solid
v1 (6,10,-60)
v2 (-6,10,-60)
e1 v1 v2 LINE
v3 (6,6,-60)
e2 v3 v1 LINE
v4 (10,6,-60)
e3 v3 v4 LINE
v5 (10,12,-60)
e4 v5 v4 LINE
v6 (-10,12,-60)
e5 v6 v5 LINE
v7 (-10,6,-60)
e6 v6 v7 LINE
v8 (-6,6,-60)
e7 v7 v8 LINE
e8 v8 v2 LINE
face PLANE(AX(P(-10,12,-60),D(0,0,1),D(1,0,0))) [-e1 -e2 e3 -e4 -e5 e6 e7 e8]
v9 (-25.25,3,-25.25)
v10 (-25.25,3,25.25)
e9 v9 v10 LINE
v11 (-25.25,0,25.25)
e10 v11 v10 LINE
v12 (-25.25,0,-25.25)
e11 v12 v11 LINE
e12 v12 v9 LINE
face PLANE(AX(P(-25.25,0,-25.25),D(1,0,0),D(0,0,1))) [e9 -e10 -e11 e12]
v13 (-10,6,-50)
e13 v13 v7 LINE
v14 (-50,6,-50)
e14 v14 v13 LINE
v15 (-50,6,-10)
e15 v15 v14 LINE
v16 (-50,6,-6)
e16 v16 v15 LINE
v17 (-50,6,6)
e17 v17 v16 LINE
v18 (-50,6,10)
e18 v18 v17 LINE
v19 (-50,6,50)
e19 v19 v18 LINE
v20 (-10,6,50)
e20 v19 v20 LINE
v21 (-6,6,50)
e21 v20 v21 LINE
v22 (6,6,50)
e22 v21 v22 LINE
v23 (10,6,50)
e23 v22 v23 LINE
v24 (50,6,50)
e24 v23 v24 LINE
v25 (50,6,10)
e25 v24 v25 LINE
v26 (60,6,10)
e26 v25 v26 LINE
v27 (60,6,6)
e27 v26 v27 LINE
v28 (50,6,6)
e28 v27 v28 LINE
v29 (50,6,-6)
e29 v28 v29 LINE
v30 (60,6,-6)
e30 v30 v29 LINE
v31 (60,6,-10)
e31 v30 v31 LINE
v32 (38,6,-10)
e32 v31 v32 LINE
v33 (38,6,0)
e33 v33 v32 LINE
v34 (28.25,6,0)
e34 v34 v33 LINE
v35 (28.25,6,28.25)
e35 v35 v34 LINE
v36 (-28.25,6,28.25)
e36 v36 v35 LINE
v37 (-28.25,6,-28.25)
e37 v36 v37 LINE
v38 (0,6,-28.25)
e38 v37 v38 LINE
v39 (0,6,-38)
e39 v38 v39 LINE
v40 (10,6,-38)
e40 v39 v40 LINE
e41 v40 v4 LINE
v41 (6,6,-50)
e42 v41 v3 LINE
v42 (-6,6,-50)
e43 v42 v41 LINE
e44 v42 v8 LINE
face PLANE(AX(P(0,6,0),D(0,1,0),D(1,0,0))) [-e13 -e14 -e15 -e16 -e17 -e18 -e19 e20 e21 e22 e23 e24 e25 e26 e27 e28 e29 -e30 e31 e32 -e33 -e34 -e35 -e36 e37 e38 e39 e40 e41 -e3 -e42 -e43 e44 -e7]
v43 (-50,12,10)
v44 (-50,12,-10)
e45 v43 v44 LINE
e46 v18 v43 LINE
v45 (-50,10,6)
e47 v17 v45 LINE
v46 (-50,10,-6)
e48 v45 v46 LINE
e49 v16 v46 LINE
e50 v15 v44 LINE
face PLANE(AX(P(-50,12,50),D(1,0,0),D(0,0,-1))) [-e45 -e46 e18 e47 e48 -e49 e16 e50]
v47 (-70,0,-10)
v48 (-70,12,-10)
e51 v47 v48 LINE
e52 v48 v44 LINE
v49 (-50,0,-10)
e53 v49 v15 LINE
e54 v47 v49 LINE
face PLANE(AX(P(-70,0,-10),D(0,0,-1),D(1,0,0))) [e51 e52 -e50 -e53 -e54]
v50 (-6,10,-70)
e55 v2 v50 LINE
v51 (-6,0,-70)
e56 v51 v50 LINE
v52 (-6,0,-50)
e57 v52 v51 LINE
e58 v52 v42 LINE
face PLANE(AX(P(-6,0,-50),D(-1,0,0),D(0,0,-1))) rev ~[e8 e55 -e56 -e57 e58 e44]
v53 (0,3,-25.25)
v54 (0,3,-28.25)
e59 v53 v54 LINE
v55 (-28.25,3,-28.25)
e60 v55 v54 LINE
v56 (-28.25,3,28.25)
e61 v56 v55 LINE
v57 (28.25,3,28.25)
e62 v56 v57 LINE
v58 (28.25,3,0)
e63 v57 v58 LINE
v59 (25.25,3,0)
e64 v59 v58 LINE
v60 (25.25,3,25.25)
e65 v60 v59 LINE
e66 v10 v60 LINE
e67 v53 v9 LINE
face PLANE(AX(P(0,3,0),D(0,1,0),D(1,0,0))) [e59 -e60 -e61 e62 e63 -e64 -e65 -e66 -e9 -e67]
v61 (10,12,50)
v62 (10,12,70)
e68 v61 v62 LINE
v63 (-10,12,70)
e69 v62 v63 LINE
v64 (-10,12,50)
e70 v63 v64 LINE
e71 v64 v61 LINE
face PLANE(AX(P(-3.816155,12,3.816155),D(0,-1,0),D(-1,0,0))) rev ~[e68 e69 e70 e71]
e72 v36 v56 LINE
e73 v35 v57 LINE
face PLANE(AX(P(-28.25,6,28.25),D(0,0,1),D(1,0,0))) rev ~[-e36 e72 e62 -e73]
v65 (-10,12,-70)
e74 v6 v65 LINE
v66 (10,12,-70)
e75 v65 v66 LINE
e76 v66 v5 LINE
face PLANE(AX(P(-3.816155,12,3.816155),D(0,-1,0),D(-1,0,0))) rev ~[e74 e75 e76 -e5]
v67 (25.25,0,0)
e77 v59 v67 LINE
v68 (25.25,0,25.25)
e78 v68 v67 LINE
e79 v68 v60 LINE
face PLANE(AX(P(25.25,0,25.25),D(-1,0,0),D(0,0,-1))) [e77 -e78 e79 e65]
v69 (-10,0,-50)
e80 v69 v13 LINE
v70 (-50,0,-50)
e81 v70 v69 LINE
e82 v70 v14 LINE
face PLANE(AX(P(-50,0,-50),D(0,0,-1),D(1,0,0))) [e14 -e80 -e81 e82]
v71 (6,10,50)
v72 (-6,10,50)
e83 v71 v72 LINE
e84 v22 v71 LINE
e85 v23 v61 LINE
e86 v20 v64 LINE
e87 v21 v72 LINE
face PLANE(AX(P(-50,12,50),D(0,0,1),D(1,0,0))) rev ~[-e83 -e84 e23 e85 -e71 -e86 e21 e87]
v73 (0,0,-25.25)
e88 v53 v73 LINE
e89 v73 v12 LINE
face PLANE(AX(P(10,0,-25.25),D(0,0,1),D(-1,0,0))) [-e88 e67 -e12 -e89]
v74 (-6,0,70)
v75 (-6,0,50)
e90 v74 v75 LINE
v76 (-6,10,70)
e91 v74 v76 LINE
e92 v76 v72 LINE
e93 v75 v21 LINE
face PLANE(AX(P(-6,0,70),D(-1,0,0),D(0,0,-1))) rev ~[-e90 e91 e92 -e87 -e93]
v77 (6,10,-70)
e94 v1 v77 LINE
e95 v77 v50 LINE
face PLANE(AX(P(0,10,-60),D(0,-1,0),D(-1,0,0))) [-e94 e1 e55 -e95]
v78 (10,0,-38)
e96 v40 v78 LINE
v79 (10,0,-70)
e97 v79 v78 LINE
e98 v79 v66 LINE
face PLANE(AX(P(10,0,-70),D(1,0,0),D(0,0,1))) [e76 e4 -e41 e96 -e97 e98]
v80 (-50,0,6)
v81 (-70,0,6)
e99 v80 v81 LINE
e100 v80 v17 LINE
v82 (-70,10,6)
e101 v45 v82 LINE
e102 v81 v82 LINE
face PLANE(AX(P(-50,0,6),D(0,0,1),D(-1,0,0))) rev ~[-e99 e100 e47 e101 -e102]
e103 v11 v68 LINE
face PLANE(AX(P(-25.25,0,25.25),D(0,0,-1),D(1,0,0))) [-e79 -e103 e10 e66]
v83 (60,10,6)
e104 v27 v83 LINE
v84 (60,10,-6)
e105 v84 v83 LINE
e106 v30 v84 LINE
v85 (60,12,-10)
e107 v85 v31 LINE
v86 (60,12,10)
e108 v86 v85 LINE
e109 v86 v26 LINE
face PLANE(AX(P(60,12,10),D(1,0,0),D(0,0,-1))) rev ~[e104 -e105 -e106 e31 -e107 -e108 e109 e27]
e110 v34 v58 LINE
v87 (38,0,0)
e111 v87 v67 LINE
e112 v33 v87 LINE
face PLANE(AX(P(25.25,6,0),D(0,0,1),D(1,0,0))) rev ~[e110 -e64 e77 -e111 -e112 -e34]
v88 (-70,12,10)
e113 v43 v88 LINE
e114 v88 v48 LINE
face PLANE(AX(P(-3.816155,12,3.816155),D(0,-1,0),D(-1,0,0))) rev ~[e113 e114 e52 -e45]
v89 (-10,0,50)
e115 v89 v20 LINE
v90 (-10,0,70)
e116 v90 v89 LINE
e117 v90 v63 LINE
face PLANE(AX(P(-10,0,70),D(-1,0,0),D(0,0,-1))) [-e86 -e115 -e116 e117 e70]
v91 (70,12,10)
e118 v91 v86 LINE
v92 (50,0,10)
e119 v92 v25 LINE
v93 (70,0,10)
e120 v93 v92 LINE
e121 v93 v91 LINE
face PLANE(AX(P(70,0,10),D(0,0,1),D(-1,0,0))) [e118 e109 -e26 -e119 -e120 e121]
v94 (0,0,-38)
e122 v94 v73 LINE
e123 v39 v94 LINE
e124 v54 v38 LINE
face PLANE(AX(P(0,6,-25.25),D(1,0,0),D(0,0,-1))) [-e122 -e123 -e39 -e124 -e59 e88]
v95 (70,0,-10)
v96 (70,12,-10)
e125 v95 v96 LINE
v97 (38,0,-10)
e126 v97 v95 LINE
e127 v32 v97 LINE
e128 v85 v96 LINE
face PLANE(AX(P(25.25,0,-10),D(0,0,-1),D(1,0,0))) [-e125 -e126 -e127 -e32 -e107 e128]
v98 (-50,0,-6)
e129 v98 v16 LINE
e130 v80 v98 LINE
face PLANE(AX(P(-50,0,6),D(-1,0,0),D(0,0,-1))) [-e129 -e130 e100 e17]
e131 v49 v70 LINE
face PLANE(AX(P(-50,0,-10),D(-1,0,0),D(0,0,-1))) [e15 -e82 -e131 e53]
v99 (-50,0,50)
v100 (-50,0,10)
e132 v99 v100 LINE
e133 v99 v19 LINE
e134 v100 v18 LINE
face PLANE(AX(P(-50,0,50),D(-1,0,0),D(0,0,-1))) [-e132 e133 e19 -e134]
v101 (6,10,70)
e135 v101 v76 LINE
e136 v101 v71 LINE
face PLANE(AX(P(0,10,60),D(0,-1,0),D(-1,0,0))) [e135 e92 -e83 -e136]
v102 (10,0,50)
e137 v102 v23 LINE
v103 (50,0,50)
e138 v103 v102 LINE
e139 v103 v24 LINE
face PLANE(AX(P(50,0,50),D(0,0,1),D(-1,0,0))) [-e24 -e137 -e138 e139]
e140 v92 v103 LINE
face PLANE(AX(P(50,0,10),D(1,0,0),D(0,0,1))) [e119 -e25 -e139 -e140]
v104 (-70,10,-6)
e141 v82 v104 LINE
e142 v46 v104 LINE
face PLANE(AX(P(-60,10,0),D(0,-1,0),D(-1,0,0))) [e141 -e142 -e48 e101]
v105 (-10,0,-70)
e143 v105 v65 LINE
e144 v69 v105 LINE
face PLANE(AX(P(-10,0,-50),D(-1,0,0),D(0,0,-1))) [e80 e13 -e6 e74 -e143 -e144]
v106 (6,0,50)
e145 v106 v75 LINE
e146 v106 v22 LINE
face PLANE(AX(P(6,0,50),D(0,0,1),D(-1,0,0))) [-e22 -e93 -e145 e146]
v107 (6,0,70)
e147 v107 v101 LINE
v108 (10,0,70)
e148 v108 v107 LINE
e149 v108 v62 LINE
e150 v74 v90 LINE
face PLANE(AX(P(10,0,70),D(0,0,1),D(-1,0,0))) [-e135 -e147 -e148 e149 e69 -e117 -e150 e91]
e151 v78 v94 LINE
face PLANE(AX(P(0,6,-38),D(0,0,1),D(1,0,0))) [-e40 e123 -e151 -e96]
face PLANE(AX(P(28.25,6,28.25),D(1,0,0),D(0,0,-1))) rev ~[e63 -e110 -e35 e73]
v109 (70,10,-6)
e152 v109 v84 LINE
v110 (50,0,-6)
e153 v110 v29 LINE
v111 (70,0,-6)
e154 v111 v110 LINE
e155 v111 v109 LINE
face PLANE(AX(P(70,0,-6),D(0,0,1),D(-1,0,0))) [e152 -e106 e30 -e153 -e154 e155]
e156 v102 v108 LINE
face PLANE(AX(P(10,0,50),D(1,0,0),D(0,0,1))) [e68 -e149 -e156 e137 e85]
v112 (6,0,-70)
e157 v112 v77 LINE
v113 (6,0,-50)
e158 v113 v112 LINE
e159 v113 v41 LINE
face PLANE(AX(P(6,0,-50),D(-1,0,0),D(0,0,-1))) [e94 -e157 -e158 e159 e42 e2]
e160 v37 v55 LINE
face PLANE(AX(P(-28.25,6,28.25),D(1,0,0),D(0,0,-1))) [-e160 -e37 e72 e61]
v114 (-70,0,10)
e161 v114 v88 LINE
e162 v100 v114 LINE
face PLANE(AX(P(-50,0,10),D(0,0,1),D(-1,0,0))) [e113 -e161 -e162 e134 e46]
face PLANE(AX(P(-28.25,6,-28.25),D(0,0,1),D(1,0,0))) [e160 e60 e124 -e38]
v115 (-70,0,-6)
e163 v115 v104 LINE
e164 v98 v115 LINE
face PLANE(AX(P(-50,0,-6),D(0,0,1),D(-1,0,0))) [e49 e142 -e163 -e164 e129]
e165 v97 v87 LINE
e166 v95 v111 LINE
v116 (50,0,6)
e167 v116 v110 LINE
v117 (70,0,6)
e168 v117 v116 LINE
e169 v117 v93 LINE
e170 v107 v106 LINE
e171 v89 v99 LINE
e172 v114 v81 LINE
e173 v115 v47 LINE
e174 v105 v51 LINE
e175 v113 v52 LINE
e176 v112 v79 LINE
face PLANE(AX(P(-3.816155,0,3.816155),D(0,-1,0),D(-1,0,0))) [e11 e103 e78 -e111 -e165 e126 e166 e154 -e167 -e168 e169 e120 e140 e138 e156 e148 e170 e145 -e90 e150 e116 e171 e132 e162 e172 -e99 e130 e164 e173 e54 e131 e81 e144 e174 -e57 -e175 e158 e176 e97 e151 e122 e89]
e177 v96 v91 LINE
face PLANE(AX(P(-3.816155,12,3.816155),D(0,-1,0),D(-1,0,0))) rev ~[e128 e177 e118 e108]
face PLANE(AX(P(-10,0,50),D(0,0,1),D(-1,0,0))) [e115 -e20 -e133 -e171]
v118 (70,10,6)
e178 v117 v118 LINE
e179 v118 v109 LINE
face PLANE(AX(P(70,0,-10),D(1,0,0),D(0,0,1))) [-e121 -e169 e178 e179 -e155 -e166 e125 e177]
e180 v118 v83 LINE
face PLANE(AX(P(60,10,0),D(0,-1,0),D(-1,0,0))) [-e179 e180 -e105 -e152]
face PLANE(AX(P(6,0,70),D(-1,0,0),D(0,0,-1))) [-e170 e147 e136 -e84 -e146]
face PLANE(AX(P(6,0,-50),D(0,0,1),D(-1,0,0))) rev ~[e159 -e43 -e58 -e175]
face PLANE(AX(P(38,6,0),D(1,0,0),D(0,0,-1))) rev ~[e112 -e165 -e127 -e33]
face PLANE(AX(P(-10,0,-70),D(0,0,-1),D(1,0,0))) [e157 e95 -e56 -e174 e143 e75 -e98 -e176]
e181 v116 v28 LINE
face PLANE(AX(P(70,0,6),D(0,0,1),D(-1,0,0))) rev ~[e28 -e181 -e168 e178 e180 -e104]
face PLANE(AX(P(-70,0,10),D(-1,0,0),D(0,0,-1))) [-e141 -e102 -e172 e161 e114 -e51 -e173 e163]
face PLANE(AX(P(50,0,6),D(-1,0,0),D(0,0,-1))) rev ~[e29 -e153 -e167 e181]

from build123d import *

# Parameters (mm, degrees)
BOSS_EXTRUDE10_DEPTH = 12
SKETCH6_W            = 100
SKETCH6_H            = 100
CUT_EXTRUDE1_DEPTH   = 6
SKETCH7_W            = 20
SKETCH7_H            = 12
SKETCH7_W_2          = 12
SKETCH7_H_2          = 20
CUT_EXTRUDE2_DEPTH   = 10
SKETCH8_W            = 56.5
SKETCH8_H            = 56.5
CUT_EXTRUDE3_DEPTH   = 3
SKETCH10_W           = 20
SKETCH10_H           = 10
SKETCH10_W_2         = 10
SKETCH10_H_2         = 20
CUT_EXTRUDE6_DEPTH   = 6
SKETCH11_W           = 10
SKETCH11_H           = 12.75
SKETCH11_W_2         = 12.75
SKETCH11_H_2         = 10
CUT_EXTRUDE7_DEPTH   = 100.176610146


with BuildPart() as part:
    # Sketch1 → Boss-Extrude10 (new body)
    with BuildSketch(Plane(origin=(0, 0, 0), x_dir=(1, 0, 0), z_dir=(0, 1, 0))):
        Polygon((-50, 50), (-10, 50), (-10, 70), (10, 70), (10, 25.25), (-25.25, 25.25), (-25.25, -25.25), (25.25, -25.25), (25.25, 10), (70, 10), (70, -10), (50, -10), (50, -50), (10, -50), (10, -70), (-10, -70), (-10, -50), (-50, -50), (-50, -10), (-70, -10), (-70, 10), (-50, 10), align=None)
    extrude(amount=BOSS_EXTRUDE10_DEPTH)

    # Sketch6 → Cut-Extrude1 (cut)
    with BuildSketch(Plane(origin=(0, 12, 0), x_dir=(1, 0, 0), z_dir=(0, 1, 0))):
        Rectangle(SKETCH6_W, SKETCH6_H)
    extrude(amount=-CUT_EXTRUDE1_DEPTH, mode=Mode.SUBTRACT)

    # Sketch7 → Cut-Extrude2 (cut)
    with BuildSketch(Plane(origin=(0, 0, 0), x_dir=(-1, 0, 0), z_dir=(0, -1, 0))):
        with Locations((60, 0)):
            Rectangle(SKETCH7_W, SKETCH7_H)
        with Locations((0, -60)):
            Rectangle(SKETCH7_W_2, SKETCH7_H_2)
        with Locations((-60, 0)):
            Rectangle(SKETCH7_W, SKETCH7_H)
        with Locations((0, 60)):
            Rectangle(SKETCH7_W_2, SKETCH7_H_2)
    extrude(amount=-CUT_EXTRUDE2_DEPTH, mode=Mode.SUBTRACT)

    # Sketch8 → Cut-Extrude3 (cut)
    with BuildSketch(Plane(origin=(0, 6, 0), x_dir=(1, 0, 0), z_dir=(0, 1, 0))):
        Rectangle(SKETCH8_W, SKETCH8_H)
    extrude(amount=-CUT_EXTRUDE3_DEPTH, mode=Mode.SUBTRACT)

    # Sketch10 → Cut-Extrude6 (cut)
    with BuildSketch(Plane(origin=(0, 12, 0), x_dir=(1, 0, 0), z_dir=(0, 1, 0))):
        with Locations((0, 55)):
            Rectangle(SKETCH10_W, SKETCH10_H)
        with Locations((55, 0)):
            Rectangle(SKETCH10_W_2, SKETCH10_H_2)
    extrude(amount=-CUT_EXTRUDE6_DEPTH, mode=Mode.SUBTRACT)

    # Sketch11 → Cut-Extrude7 (cut, through all)
    with BuildSketch(Plane(origin=(0, 6, 0), x_dir=(1, 0, 0), z_dir=(0, 1, 0))):
        with Locations((5, 31.625)):
            Rectangle(SKETCH11_W, SKETCH11_H)
        with Locations((31.625, 5)):
            Rectangle(SKETCH11_W_2, SKETCH11_H_2)
    extrude(amount=-CUT_EXTRUDE7_DEPTH, mode=Mode.SUBTRACT)


solid = part.part
